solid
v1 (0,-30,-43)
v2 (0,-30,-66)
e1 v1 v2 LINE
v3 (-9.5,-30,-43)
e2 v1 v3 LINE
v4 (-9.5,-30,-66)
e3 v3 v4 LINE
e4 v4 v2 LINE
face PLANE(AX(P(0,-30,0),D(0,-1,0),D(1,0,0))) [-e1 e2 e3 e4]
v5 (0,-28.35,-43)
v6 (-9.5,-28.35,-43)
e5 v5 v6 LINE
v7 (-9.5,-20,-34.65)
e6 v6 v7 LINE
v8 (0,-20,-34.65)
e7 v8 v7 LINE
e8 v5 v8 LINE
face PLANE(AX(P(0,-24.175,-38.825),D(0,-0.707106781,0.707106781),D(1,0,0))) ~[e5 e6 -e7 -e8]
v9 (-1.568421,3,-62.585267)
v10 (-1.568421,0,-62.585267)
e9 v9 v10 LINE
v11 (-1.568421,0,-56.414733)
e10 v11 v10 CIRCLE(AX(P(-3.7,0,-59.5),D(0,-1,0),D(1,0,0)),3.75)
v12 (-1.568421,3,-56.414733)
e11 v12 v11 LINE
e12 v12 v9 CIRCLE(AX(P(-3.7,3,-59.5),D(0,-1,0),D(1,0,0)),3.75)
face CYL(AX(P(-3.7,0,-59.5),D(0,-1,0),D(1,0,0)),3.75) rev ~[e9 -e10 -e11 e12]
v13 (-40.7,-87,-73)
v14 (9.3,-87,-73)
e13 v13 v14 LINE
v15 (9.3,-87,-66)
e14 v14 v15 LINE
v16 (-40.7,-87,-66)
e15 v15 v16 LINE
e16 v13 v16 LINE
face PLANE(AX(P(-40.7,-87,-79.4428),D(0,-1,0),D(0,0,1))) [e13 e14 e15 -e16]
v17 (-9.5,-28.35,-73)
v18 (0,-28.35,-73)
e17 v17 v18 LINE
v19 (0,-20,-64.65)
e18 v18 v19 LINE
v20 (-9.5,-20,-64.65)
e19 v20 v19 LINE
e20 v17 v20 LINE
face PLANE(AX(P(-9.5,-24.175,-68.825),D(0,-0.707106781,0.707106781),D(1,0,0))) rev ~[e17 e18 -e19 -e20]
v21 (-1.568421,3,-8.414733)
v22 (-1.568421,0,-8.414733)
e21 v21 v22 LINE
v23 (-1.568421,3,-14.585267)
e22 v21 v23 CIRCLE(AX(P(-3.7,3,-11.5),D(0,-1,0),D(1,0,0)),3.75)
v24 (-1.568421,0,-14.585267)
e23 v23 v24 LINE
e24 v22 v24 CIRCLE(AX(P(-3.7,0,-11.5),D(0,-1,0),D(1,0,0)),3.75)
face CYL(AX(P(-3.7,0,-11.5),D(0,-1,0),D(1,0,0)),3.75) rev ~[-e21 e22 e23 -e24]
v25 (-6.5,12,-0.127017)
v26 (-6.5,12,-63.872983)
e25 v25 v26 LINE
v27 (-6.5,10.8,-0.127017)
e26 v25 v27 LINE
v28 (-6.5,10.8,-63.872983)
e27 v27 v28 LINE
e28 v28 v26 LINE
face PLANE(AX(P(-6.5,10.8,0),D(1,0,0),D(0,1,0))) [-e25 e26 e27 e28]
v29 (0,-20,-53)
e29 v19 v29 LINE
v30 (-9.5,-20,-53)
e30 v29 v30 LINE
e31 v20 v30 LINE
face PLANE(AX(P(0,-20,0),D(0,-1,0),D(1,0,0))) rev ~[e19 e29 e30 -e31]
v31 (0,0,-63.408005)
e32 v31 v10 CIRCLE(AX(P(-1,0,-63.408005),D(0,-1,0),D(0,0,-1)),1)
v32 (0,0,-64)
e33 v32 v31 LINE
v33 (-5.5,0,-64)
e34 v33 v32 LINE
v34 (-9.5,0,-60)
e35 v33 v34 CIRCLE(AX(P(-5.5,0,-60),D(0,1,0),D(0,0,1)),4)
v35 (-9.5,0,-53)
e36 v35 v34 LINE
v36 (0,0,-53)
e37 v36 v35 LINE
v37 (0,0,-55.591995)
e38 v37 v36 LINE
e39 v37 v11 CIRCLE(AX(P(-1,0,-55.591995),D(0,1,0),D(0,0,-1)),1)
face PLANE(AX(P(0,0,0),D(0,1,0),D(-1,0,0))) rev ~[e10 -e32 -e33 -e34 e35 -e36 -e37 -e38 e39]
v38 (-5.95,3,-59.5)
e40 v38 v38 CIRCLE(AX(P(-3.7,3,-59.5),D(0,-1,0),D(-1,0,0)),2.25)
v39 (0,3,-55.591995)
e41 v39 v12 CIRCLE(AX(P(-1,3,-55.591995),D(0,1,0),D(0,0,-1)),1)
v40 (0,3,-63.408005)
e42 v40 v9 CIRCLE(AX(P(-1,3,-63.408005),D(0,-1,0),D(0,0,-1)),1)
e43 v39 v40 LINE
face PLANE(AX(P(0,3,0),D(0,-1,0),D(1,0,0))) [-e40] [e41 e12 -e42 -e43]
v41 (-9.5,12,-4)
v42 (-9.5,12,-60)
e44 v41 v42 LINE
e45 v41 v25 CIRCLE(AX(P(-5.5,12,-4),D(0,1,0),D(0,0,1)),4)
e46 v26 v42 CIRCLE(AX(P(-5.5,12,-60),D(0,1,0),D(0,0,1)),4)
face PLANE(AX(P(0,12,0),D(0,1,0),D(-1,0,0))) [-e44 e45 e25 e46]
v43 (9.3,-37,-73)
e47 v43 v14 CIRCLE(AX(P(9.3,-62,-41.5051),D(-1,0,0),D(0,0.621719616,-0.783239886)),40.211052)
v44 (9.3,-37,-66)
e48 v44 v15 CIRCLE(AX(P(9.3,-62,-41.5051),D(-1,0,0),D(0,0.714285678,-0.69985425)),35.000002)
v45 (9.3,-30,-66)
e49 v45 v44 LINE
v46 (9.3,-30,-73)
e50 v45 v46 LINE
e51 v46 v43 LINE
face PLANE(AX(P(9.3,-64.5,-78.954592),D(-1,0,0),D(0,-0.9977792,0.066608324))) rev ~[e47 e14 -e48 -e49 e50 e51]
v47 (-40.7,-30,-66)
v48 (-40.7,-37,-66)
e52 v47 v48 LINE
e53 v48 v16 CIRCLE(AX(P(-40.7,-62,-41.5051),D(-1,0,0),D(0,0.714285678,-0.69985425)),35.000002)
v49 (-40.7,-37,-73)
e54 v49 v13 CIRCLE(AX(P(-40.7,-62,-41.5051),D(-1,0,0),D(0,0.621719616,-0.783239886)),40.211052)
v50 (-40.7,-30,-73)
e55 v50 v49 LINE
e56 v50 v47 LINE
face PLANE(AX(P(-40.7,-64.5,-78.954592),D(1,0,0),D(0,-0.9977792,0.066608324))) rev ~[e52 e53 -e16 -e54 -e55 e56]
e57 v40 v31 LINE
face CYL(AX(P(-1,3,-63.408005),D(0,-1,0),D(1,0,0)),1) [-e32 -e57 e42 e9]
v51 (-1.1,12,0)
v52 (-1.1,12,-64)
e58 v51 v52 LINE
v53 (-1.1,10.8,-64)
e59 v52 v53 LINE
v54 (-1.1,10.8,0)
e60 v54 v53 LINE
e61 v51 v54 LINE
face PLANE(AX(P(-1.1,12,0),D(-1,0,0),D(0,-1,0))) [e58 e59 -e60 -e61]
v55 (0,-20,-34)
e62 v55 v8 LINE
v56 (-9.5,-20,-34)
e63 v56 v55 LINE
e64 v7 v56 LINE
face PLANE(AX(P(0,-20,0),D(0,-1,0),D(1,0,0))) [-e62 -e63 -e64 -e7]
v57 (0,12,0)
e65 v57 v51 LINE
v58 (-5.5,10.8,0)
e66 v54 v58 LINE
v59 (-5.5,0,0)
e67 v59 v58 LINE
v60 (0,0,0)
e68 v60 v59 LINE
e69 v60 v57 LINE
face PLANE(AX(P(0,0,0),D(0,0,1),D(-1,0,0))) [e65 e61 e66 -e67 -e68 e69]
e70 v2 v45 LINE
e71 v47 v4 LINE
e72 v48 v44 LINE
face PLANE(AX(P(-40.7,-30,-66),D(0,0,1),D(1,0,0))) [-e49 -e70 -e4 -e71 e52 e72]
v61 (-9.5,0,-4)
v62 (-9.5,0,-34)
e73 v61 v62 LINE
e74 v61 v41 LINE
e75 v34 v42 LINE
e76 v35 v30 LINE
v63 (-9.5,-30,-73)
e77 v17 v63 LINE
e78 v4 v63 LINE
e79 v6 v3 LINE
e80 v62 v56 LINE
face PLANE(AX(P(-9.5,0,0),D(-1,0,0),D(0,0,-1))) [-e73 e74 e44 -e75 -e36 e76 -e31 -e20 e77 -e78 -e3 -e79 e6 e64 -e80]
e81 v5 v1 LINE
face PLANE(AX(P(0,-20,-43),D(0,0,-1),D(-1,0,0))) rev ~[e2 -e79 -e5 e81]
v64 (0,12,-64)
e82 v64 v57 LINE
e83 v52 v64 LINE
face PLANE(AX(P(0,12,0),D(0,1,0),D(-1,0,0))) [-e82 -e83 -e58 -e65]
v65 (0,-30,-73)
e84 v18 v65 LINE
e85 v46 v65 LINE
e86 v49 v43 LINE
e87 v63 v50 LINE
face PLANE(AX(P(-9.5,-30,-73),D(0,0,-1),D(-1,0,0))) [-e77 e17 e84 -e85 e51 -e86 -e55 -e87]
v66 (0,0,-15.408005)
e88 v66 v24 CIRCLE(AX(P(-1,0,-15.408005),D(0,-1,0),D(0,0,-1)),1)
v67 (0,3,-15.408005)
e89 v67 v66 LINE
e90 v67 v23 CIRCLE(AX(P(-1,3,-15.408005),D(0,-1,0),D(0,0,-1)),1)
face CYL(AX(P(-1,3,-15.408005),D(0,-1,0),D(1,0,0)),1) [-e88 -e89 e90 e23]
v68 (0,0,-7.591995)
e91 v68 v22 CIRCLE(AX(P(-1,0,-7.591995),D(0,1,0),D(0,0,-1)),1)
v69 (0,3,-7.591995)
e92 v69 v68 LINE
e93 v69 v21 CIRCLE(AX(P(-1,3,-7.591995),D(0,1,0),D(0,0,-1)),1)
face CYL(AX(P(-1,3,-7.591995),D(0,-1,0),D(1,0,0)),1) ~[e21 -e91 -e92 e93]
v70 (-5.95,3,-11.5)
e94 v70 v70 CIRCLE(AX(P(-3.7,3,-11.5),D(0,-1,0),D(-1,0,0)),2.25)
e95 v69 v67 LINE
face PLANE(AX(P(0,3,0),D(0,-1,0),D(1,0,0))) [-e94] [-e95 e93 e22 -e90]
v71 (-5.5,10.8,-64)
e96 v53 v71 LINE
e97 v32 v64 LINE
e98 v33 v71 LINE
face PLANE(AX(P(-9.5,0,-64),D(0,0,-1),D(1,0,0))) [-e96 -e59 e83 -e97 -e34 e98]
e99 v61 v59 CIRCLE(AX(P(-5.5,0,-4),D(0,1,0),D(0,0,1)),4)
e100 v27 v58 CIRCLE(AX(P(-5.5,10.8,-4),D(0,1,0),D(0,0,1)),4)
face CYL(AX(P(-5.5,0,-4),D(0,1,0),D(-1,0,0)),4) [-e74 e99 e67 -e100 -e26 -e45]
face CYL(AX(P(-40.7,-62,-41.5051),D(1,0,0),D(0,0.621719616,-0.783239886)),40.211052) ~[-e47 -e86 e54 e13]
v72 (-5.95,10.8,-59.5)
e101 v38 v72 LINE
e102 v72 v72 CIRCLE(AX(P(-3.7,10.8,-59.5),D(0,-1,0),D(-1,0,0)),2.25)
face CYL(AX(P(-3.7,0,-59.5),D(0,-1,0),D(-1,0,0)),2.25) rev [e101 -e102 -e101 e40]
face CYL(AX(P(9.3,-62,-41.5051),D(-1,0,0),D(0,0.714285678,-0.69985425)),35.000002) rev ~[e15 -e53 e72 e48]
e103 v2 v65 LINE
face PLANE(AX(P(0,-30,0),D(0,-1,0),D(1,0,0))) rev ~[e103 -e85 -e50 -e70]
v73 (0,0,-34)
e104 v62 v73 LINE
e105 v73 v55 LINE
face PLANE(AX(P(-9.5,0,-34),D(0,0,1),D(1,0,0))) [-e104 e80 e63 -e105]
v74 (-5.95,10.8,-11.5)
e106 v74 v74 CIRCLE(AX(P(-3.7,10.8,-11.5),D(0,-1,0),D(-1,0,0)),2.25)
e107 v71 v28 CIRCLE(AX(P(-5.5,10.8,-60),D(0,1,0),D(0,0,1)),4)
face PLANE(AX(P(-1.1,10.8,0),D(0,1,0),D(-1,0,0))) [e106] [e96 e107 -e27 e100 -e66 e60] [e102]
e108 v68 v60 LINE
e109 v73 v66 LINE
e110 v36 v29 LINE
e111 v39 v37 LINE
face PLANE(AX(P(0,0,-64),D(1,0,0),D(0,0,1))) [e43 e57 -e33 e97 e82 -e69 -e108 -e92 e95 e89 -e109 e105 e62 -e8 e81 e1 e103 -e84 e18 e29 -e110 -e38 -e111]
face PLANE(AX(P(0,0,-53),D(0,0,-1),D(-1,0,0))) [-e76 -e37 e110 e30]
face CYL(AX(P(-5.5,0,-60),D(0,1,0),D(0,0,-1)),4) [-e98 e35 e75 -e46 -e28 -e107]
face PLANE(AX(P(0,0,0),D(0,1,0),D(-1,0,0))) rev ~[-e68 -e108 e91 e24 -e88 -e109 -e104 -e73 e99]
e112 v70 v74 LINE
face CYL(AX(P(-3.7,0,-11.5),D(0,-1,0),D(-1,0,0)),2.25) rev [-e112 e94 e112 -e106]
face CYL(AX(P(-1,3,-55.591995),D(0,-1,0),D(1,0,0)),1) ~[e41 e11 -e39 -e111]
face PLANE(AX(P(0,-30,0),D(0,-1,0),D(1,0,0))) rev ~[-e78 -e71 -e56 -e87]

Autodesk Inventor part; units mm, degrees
ref_plane "YZ Plane" through (0, 0, 0) normal (1, 0, 0) x (0, 1, 0)
ref_plane "XZ Plane" through (0, 0, 0) normal (0, 1, 0) x (-1, 0, 0)
ref_plane "XY Plane" through (0, 0, 0) normal (0, 0, 1) x (1, 0, 0)
sketch "Sketch1" plane through (0, 0, 0) normal (0, 1, 0) x (-1, 0, 0)
  line L0 (0, 0) -> (9.5, 0)
  line L1 (9.5, 0) -> (9.5, -64)
  line L2 (9.5, -64) -> (0, -64)
  line L3 (0, -64) -> (0, 0)
  circle A0 centre (3.7, -11.5) radius 2.25
  circle A1 centre (3.7, -59.5) radius 2.25
  line L4 (3.7, -11.5) -> (3.7, -59.5) construction
  dimension "d1" = 9.5
  dimension "d2" = 64
  dimension "d3" = 4.5
  dimension "d4" = 48
  dimension "d6" = 3.7
  dimension "d17" = 4.5
extrude "Extrusion1" add sketch "Sketch1" along normal blind 12
sketch "Sketch2" plane through (-9.5, 0, 0) normal (0, 0, 1) x (1, 0, 0)
  line L0 (9.5, 12) -> (0, 12) projected
  line L1 (3, 12) -> (8.4, 12)
  line L2 (8.4, 12) -> (8.4, 10.8)
  line L3 (8.4, 10.8) -> (3, 10.8)
  line L4 (3, 10.8) -> (3, 12)
  line L5 (9.5, 0) -> (9.5, 12) projected
  line L6 (3.55, 0) -> (8.05, 0) projected
  line L7 (3.55, 12) -> (8.05, 12) projected
  line L8 (9.5, 0) -> (9.5, 12) projected
  line L9 (9.5, 0) -> (9.5, 12) projected
  line L10 (3.55, 12) -> (8.05, 12) projected
  line L11 (3.55, 12) -> (3.55, 0) projected
  line L12 (3.55, 12) -> (8.05, 12) projected
  line L13 (3.55, 0) -> (8.05, 0) projected
  line L14 (3.55, 12) -> (8.05, 12) projected
  line L15 (3.55, 0) -> (8.05, 0) projected
  line L16 (3.55, 12) -> (8.05, 12) projected
  line L17 (3.55, 0) -> (8.05, 0) projected
  dimension "d9" = 1.1
  dimension "d10" = 5.4
  dimension "d11" = 1.2
  dimension "d76" = 12
extrude "Extrusion2" cut sketch "Sketch2" against normal up to next
sketch "Sketch3" plane through (0, 0, 0) normal (0, -1, 0) x (1, 0, 0)
  circle A0 centre (-3.7, -11.5) radius 2.25 projected
  circle A1 centre (-3.7, -11.5) radius 3.75
  circle A2 centre (-3.7, -59.5) radius 2.25 projected
  circle A3 centre (-3.7, -59.5) radius 3.75
  point P0 (0, 0)
  dimension "d14" = 7.5
extrude "Extrusion3" cut sketch "Sketch3" against normal blind 3
fillet "Fillet1" radius 1 4 edges at (0, 1.5, -58.8897) (0, 1.5, -60.1103) (0, 1.5, -10.8897) (0, 1.5, -12.1103)
fillet "Fillet2" radius 4 2 edges at (-9.5, 6, -64) (-9.5, 6, 0)
sketch "Sketch28" plane through (0, 0, 0) normal (0, -1, 0) x (1, 0, 0)
  arc A0 (-1.5684, -56.4147) -> (0, -55.592) centre (-1, -55.592) ccw projected
  line L0 (0, -55.592) -> (0, -53)
  line L1 (0, -15.408) -> (0, -55.592) projected
  line L2 (-9.5, -60) -> (-9.5, -4) projected
  line L3 (0, -53) -> (-9.5, -53)
  line L4 (-9.5, -53) -> (-9.5, -34)
  line L5 (-9.5, -34) -> (0, -34)
  line L6 (0, -34) -> (0, -53)
  point P0 (0, 0)
  point P1 (0, -34)
  dimension "d107" = 2.592
  dimension "d108" = 19
extrude "Extrusion19" add sketch "Sketch28" along normal blind 20
sketch "Sketch40" plane through (0, -20, 0) normal (0, -1, 0) x (1, 0, 0)
  line L0 (0, -53) -> (-9.5, -53) projected
  line L1 (-9.5, -53) -> (-9.5, -73)
  line L2 (-9.5, -73) -> (0, -73)
  line L3 (0, -73) -> (0, -43)
  line L4 (0, 0) -> (0, -64) projected
  line L5 (0, -43) -> (-9.5, -43)
  line L6 (-9.5, -43) -> (-9.5, -53)
  line L7 (-9.5, -43) -> (0, -43)
  line L8 (0, -43) -> (0, -73)
  line L9 (0, -73) -> (-9.5, -73)
  line L10 (-9.5, -73) -> (-9.5, -43)
  dimension "d130" = 20
  dimension "d131" = 30
extrude "Extrusion21" add sketch "Sketch40" along normal blind 10
sketch "Sketch41" plane through (0, 0, -53) normal (0, 0, -1) x (-1, 0, 0)
  point P0 (0, 0)
sketch "Sketch42" plane through (0, -30, 0) normal (0, -1, 0) x (1, 0, 0)
  line L0 (-9.5, -73) -> (0, -73) projected
  line L1 (-9.5, -73) -> (-40.7, -73)
  line L2 (-9.5, -73) -> (21.7, -73) construction
  line L3 (-40.7, -73) -> (-40.7, -66)
  line L4 (-40.7, -66) -> (9.3, -66)
  line L5 (9.3, -66) -> (9.3, -73)
  line L6 (9.3, -73) -> (-9.5, -73)
  point P0 (0, 0)
  point P1 (0, -73)
  dimension "d134" = 31.2
  dimension "d135" = 180
  dimension "d136" = 7
  dimension "d137" = 50
  dimension "d138" = 7
extrude "Extrusion22" add sketch "Sketch42" along normal blind 7
sketch "Sketch43" plane through (-40.7, -30, -73) normal (-1, 0, 0) x (0, 0, 1)
  arc A0 (7, -7) -> (7, -57) centre (31.4949, -32) ccw
  point P0 (73, 30)
  dimension "d141" = 50
  dimension "d142" = 35
sketch "Sketch44" plane through (0, -37, 0) normal (0, -1, 0) x (1, 0, 0)
  line L0 (9.3, -73) -> (9.3, -66) projected
  line L1 (-40.7, -73) -> (-9.5, -73) projected
  line L2 (9.3, -66) -> (-40.7, -66)
  line L3 (-40.7, -66) -> (-40.7, -73)
  line L4 (-40.7, -73) -> (9.3, -73)
  line L5 (9.3, -73) -> (9.3, -66)
  point P0 (0, 0)
  point P1 (-9.5, -73)
sweep "Sweep3" add profiles "Sketch44" path "Sketch43"
sketch "Sketch54" plane through (-40.7, -30, -73) normal (-1, 0, 0) x (0, 0, 1)
  arc A0 (7, -7) -> (7, -57) centre (31.4949, -32) ccw projected
  line L0 (-6.4428, -57) -> (19.2704, -57)
  line L1 (19.2704, -57) -> (19.2704, -74.6848)
  line L2 (19.2704, -74.6848) -> (-6.4428, -74.6848)
  line L3 (-6.4428, -74.6848) -> (-6.4428, -57)
  point P0 (73, 30)
extrude "Extrusion25" cut sketch "Sketch54" against normal blind 104.3
chamfer "Chamfer4" distance 8.35 angle 45 1 edges at (-4.75, -20, -43)
chamfer "Chamfer5" distance 8.35 angle 45 1 edges at (-4.75, -20, -73)
properties part number "Back"
